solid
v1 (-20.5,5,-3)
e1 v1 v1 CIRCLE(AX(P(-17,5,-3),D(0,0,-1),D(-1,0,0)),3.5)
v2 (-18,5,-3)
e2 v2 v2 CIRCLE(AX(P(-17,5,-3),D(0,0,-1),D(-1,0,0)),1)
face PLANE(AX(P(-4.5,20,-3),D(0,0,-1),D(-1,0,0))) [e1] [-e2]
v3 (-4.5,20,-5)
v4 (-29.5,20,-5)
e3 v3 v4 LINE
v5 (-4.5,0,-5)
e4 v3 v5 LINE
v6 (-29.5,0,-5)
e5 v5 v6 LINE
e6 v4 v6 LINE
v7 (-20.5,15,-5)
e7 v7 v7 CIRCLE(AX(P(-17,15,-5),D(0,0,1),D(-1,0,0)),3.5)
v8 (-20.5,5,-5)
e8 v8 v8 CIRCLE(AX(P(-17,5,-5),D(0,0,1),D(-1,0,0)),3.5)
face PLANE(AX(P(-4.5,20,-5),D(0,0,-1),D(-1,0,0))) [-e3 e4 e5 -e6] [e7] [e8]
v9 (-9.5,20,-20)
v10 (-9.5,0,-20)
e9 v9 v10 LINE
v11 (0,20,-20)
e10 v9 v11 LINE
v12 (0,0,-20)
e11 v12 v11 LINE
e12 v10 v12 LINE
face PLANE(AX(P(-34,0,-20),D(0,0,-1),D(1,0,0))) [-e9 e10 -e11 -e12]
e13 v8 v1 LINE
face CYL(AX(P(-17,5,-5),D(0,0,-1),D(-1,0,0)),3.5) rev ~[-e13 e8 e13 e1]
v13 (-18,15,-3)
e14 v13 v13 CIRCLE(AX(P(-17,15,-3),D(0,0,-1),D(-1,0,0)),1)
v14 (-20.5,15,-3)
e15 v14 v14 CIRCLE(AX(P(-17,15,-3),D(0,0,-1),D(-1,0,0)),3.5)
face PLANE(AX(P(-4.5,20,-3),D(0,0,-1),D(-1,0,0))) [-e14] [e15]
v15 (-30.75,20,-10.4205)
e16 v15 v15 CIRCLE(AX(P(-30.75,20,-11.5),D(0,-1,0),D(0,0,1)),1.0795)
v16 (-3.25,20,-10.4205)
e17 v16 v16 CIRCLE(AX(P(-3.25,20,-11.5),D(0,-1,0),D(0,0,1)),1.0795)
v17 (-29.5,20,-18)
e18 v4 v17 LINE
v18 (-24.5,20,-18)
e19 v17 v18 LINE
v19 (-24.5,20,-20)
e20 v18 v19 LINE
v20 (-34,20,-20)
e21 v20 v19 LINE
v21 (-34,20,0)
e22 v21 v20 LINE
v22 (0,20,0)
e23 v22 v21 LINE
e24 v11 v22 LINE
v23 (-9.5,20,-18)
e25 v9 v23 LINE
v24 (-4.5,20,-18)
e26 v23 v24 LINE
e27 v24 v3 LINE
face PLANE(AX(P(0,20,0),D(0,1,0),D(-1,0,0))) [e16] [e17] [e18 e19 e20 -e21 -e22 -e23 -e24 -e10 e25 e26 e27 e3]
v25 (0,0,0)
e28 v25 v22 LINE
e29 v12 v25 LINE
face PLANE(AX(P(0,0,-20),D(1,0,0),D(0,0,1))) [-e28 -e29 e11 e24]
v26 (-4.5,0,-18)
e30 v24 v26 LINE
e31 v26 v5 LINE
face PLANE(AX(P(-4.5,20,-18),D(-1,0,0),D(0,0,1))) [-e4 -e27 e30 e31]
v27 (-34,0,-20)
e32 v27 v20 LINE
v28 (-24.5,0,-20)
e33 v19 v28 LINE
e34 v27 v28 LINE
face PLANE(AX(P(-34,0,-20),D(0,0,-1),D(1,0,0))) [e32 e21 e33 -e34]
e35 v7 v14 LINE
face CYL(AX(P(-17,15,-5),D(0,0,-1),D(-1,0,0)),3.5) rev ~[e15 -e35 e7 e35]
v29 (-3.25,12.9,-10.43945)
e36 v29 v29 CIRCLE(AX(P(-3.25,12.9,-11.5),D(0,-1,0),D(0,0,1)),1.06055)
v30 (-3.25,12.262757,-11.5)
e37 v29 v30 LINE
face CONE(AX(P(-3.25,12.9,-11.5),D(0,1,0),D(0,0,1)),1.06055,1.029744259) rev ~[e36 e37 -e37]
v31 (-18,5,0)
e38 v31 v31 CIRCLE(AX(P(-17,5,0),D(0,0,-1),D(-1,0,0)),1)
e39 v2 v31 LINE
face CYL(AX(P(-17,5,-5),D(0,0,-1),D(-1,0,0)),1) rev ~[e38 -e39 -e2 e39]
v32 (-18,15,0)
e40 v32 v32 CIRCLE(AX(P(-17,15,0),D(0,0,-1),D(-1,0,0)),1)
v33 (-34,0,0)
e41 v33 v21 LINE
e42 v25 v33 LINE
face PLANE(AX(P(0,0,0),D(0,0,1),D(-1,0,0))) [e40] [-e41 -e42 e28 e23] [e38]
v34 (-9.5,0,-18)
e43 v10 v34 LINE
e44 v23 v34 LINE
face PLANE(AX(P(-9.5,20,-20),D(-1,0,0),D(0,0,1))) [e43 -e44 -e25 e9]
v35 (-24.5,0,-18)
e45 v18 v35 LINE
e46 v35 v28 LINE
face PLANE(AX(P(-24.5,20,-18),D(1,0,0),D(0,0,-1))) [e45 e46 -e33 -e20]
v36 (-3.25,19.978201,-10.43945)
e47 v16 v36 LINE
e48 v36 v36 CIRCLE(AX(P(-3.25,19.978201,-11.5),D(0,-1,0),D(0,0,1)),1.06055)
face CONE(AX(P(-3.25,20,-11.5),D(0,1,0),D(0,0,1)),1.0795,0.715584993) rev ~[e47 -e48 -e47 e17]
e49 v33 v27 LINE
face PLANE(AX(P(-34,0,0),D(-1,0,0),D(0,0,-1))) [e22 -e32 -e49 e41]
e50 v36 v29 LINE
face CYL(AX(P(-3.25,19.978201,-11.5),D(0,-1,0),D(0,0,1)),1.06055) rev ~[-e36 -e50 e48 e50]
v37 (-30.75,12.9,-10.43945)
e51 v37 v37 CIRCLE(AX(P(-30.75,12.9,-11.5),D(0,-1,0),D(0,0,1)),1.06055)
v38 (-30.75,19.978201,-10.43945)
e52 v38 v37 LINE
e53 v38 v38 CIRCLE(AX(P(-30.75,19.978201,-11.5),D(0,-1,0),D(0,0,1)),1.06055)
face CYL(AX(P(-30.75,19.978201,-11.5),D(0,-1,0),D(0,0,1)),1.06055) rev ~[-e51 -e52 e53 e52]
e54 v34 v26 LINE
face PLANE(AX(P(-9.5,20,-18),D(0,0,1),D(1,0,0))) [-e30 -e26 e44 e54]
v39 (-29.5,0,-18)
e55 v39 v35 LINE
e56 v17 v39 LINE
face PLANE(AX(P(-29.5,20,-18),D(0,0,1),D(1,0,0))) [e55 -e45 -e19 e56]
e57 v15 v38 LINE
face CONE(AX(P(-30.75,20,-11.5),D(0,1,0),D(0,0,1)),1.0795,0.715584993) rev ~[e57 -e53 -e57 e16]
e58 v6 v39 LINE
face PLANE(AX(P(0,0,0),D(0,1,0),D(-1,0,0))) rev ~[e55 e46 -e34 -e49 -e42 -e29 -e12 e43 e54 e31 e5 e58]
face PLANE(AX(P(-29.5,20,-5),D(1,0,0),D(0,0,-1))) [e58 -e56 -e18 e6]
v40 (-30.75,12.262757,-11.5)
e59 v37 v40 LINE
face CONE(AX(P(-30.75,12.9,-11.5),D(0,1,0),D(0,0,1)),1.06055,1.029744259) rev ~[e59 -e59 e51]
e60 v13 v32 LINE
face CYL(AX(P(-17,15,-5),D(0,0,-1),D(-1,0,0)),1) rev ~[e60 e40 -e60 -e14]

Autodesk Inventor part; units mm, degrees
ref_plane "YZ Plane" through (0, 0, 0) normal (1, 0, 0) x (0, 1, 0)
ref_plane "XZ Plane" through (0, 0, 0) normal (0, 1, 0) x (-1, 0, 0)
ref_plane "XY Plane" through (0, 0, 0) normal (0, 0, 1) x (1, 0, 0)
sketch "Sketch1" plane through (0, 0, 0) normal (0, 1, 0) x (-1, 0, 0)
  line L0 (0, 0) -> (34, 0)
  line L1 (34, 0) -> (34, -20)
  line L2 (34, -20) -> (0, -20)
  line L3 (0, -20) -> (0, 0)
  dimension "d0" = 34
  dimension "d1" = 20
extrude "Extrusion1" add sketch "Sketch1" along normal blind 20
sketch "Sketch2" plane through (0, 20, 0) normal (0, 1, 0) x (1, 0, 0)
  line L0 (-29.5, 18) -> (-4.5, 18)
  line L1 (-4.5, 18) -> (-4.5, 5)
  line L2 (-4.5, 5) -> (-29.5, 5)
  line L3 (-29.5, 5) -> (-29.5, 18)
  line L4 (0, 20) -> (-34, 20) projected
  line L5 (-34, 20) -> (-34, 0) projected
  line L6 (-24.5, 20) -> (-9.5, 20)
  line L7 (-9.5, 20) -> (-9.5, 18)
  line L8 (-9.5, 18) -> (-24.5, 18)
  line L9 (-24.5, 18) -> (-24.5, 20)
  line L10 (0, 0) -> (0, 20) projected
  point P0 (-9.5, 20)
  dimension "d6" = 25
  dimension "d7" = 13
  dimension "d8" = 2
  dimension "d9" = 4.5
  dimension "d12" = 5
  dimension "d13" = 5
  dimension "d26" = 4.5
extrude "Extrusion2" cut sketch "Sketch2" against normal blind 33
sketch "Sketch3" plane through (-4.5, 20, -5) normal (0, 0, -1) x (-1, 0, 0)
  line L0 (29.5, -20) -> (29.5, 0) projected
  line L1 (-4.5, -20) -> (-4.5, 0) projected
  line L2 (29.5, 0) -> (-4.5, 0) projected
  line L3 (12.5, 0) -> (12.5, -20)
  circle A0 centre (12.5, -5) radius 1
  circle A1 centre (12.5, -15) radius 1
  dimension "d27" = 2
  dimension "d28" = 2
  dimension "d29" = 5
  dimension "d30" = 5
  dimension "d33" = 10
extrude "Extrusion3" cut sketch "Sketch3" against normal through all
sketch "Sketch4" plane through (0, 20, 0) normal (0, 1, 0) x (1, 0, 0)
  line L0 (-34, 20) -> (-34, 0) projected
  line L1 (-29.5, 18) -> (-29.5, 5) projected
  line L2 (-9.5, 18) -> (-4.5, 18) projected
  line L3 (-29.5, 5) -> (-4.5, 5)
  line L4 (-4.5, 5) -> (-4.5, 18)
  line L5 (-4.5, 18) -> (-29.5, 18)
  line L6 (-29.5, 18) -> (-29.5, 5)
  line L7 (-29.5, 11.5) -> (-34, 11.5)
  line L8 (-29.5, 11.5) -> (0, 11.5)
  line L9 (0, 0) -> (0, 20) projected
  circle A0 centre (-3.25, 11.5) radius 0.8
  circle A1 centre (-30.75, 11.5) radius 0.8
  dimension "d21" = 1.6
  dimension "d22" = 3.25
  dimension "d31" = 1.6
  dimension "d32" = 3.25
hole "Hole1" at (-30.75, 20, -11.5) at (-3.25, 20, -11.5) direction (0, -1, 0) diameter 2.1211 depth 7.1 tip angle 118 countersink diameter 2.159 countersink angle 82 thread size "M2.5x0.35" class "6H" standard "ANSI Metric M Profile"
sketch "Sketch6" plane through (-4.5, 20, -5) normal (0, 0, -1) x (-1, 0, 0)
  line L0 (29.5, -20) -> (29.5, 0)
  line L1 (-4.5, -20) -> (-4.5, 0)
  line L2 (29.5, 0) -> (-4.5, 0)
  line L3 (12.5, 0) -> (12.5, -20)
  circle A0 centre (12.5, -5) radius 1
  circle A1 centre (12.5, -15) radius 1
  circle A2 centre (12.5, -5) radius 1 projected
  circle A3 centre (12.5, -5) radius 3.5
  circle A4 centre (12.5, -15) radius 3.5
  dimension "d41" = 2
  dimension "d42" = 2
  dimension "d43" = 5
  dimension "d44" = 5
  dimension "d45" = 10
  dimension "d46" = 7
  dimension "d47" = 7
extrude "Extrusion5" cut sketch "Sketch6" against normal blind 2 contours A3 L3 A0 | A4 L3 A1 | L3 A1 A4 | L3 A0 A3
properties part number "Servo Holder"
